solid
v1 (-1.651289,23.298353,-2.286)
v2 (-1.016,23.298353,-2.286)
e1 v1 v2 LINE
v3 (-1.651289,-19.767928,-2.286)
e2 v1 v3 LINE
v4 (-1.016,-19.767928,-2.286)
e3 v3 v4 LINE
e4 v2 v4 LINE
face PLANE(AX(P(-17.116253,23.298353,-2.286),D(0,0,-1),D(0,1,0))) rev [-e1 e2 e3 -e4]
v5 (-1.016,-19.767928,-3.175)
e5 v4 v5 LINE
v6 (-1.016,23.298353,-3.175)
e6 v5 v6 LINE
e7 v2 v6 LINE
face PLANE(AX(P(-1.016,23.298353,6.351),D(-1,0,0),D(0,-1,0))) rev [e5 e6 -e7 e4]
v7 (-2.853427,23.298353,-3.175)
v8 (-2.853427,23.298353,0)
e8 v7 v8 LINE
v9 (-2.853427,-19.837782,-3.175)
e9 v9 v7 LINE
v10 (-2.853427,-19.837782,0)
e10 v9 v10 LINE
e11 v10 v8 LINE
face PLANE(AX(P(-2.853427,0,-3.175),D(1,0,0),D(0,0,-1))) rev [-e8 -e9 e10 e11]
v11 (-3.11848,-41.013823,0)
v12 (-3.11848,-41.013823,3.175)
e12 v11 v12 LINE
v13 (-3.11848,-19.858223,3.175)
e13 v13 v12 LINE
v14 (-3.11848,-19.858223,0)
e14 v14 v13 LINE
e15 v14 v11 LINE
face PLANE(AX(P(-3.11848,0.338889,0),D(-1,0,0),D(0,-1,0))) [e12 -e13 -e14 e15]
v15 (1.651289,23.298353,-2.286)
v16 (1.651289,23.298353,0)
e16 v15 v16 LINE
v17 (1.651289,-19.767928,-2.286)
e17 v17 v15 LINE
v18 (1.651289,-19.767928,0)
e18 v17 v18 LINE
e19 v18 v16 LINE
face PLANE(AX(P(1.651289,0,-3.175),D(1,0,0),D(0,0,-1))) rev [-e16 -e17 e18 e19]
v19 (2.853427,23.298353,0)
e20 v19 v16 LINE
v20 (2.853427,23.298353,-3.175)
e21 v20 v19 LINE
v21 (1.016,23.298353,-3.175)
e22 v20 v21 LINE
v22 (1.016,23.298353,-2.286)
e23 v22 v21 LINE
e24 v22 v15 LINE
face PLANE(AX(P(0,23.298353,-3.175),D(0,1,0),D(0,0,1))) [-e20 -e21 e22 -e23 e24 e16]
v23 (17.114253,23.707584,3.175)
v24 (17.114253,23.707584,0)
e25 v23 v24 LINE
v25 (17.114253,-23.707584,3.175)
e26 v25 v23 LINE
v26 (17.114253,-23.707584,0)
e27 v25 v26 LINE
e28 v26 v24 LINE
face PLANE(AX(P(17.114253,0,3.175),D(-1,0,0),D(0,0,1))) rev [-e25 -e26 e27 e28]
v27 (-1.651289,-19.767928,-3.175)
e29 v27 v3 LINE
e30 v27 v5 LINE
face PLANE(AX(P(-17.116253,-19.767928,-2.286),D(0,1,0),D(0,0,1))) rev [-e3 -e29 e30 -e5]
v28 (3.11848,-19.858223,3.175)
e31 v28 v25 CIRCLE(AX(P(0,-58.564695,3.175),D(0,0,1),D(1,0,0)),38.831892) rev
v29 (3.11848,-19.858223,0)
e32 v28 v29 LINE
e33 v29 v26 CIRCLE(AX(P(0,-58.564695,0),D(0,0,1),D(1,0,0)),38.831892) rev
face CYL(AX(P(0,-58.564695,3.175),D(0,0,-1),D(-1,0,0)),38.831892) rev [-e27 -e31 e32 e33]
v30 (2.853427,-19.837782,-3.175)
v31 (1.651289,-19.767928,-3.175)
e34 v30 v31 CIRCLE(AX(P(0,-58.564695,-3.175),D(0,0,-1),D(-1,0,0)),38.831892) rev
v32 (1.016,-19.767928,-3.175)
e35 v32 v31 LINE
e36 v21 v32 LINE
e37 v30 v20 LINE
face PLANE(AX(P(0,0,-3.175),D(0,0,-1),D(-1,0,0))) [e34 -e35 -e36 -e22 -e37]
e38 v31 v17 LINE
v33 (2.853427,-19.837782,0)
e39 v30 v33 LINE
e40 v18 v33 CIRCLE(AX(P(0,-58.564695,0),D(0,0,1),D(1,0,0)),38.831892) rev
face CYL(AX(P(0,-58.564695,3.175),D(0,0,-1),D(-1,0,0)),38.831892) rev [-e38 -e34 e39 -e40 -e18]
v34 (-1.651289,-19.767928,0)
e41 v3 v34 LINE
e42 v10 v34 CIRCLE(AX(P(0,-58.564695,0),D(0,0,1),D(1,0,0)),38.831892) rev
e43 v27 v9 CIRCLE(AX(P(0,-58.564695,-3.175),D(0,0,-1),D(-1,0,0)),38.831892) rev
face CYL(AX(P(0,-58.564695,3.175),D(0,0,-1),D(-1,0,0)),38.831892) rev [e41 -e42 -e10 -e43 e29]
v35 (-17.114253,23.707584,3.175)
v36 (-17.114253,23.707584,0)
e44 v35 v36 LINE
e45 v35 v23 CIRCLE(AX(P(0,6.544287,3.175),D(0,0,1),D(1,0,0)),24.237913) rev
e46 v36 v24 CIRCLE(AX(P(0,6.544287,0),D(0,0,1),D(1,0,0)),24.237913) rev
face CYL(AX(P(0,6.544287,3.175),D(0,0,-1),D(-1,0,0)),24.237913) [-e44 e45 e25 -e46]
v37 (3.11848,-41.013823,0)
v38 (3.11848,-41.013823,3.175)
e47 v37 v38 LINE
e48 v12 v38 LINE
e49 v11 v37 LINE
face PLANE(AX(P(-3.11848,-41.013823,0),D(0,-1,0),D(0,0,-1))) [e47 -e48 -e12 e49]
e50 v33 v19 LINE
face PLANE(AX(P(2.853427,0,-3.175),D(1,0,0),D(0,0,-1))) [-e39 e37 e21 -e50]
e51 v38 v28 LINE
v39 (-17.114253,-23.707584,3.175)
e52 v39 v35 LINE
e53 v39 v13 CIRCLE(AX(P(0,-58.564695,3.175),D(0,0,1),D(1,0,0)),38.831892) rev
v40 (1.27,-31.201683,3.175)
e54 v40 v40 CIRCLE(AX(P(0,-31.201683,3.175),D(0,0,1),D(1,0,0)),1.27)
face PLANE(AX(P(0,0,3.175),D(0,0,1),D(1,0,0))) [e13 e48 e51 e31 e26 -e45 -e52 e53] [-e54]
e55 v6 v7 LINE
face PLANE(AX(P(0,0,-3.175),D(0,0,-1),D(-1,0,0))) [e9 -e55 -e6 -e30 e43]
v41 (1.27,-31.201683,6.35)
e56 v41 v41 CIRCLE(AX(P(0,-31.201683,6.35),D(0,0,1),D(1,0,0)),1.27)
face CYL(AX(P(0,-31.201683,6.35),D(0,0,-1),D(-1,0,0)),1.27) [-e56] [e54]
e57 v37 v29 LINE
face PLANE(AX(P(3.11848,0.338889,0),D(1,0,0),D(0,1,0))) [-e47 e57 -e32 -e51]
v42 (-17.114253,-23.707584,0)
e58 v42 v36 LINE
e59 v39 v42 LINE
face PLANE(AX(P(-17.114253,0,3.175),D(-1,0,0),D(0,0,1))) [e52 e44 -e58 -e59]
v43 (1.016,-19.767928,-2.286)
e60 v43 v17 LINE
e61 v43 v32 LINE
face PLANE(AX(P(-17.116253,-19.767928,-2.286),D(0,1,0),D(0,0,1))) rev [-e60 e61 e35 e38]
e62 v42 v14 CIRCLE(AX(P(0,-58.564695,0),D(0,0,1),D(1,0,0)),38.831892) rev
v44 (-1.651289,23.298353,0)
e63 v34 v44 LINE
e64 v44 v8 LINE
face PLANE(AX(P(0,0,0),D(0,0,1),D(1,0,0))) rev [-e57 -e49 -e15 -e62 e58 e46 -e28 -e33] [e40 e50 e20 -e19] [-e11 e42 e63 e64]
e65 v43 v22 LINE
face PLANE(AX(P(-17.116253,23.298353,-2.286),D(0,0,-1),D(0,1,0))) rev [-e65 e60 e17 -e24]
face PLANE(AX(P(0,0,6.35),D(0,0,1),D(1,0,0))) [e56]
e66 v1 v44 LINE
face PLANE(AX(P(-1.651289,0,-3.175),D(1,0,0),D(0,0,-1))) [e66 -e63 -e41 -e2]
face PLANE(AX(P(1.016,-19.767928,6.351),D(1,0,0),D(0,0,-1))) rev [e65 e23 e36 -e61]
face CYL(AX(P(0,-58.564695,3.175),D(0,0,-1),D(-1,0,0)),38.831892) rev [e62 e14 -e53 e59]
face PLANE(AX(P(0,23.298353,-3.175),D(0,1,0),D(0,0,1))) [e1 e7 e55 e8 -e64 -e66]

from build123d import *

# Parameters (mm, degrees)
BOSS_EXTRUDE1_DEPTH = 3.175
BOSS_EXTRUDE2_DEPTH = 3.175
SKETCH3_W           = 6.236959702
SKETCH3_H           = 41.352711554
BOSS_EXTRUDE3_DEPTH = 3.175
SKETCH4_R           = 1.27
BOSS_EXTRUDE4_DEPTH = 3.175
BOSS_EXTRUDE5_REACH = 20.766
SKETCH6_W           = 0.889
SKETCH6_H           = 43.066281197
CUT_EXTRUDE1_REACH  = 11.525


with BuildPart() as part:
    # Sketch1 → Boss-Extrude1 (new body)
    with BuildSketch(Plane.XY):
        with BuildLine():
            Line((-17.114253333, -23.707583903), (-17.114253333, 23.707583903))
            ThreePointArc((-17.114253333, 23.707583903), (0, 30.782200079), (17.114253333, 23.707583903))
            Line((17.114253333, 23.707583903), (17.114253333, -23.707583903))
            ThreePointArc((17.114253333, -23.707583903), (0, -19.732802645), (-17.114253333, -23.707583903))
        make_face()
    extrude(amount=BOSS_EXTRUDE1_DEPTH)

    # Sketch2 → Boss-Extrude2 (add)
    with BuildSketch(Plane(origin=(0, 0, 0), x_dir=(-1, 0, 0), z_dir=(0, 0, -1))):
        with BuildLine():
            Line((-1.65128862, -19.767928257), (-1.65128862, 22.268343179))
            Line((-1.65128862, 22.268343179), (-1.65128862, 23.29835294))
            Line((-1.65128862, 23.29835294), (-2.853426735, 23.29835294))
            Line((-2.853426735, 23.29835294), (-2.853426735, -19.837781624))
            ThreePointArc((-2.853426735, -19.837781624), (-2.25262846, -19.798194915), (-1.65128862, -19.767928257))
        make_face()
        with BuildLine():
            Line((1.65128862, 23.29835294), (1.65128862, 22.268343179))
            Line((1.65128862, 22.268343179), (1.65128862, -19.767928257))
            ThreePointArc((1.65128862, -19.767928257), (2.25262846, -19.798194915), (2.853426735, -19.837781624))
            Line((2.853426735, -19.837781624), (2.853426735, 23.29835294))
            Line((2.853426735, 23.29835294), (1.65128862, 23.29835294))
        make_face()
    extrude(amount=BOSS_EXTRUDE2_DEPTH)

    # Sketch3 → Boss-Extrude3 (add)
    with BuildSketch(Plane.XY.offset(3.175)):
        with Locations((0, -20.33746726)):
            Rectangle(SKETCH3_W, SKETCH3_H)
    extrude(amount=-BOSS_EXTRUDE3_DEPTH)

    # Sketch4 → Boss-Extrude4 (add)
    with BuildSketch(Plane.XY.offset(3.175)):
        with Locations((0, -31.201683403)):
            Circle(SKETCH4_R)
    extrude(amount=BOSS_EXTRUDE4_DEPTH)

    # Sketch6 → Boss-Extrude5 (add, up to next)
    with BuildSketch(Plane.ZY.offset(-1.65128862), mode=Mode.PRIVATE) as boss_extrude5_sk1:
        with Locations((-2.7305, 1.765212341)):
            Rectangle(SKETCH6_W, SKETCH6_H)
    boss_extrude5_tool1 = extrude(boss_extrude5_sk1.sketch, amount=BOSS_EXTRUDE5_REACH, mode=Mode.PRIVATE) - part.part
    add(boss_extrude5_tool1.solids().sort_by_distance((1.651289, 1.765212, -2.7305))[0])

    # Sketch8 → Cut-Extrude1 (cut, up to next)
    with BuildSketch(Plane(origin=(0, 0, -3.175), x_dir=(-1, 0, 0), z_dir=(0, 0, -1)), mode=Mode.PRIVATE) as cut_extrude1_sk1:
        Polygon((0, 23.29835294), (-1.016, 23.29835294), (-1.016, -19.767928257), (1.016, -19.767928257), (1.016, 23.29835294), align=None)
    cut_extrude1_tool1 = extrude(cut_extrude1_sk1.sketch, amount=-CUT_EXTRUDE1_REACH, mode=Mode.PRIVATE) & part.part
    add(cut_extrude1_tool1.solids().sort_by_distance((0, 1.765212, -3.175))[0], mode=Mode.SUBTRACT)


solid = part.part
